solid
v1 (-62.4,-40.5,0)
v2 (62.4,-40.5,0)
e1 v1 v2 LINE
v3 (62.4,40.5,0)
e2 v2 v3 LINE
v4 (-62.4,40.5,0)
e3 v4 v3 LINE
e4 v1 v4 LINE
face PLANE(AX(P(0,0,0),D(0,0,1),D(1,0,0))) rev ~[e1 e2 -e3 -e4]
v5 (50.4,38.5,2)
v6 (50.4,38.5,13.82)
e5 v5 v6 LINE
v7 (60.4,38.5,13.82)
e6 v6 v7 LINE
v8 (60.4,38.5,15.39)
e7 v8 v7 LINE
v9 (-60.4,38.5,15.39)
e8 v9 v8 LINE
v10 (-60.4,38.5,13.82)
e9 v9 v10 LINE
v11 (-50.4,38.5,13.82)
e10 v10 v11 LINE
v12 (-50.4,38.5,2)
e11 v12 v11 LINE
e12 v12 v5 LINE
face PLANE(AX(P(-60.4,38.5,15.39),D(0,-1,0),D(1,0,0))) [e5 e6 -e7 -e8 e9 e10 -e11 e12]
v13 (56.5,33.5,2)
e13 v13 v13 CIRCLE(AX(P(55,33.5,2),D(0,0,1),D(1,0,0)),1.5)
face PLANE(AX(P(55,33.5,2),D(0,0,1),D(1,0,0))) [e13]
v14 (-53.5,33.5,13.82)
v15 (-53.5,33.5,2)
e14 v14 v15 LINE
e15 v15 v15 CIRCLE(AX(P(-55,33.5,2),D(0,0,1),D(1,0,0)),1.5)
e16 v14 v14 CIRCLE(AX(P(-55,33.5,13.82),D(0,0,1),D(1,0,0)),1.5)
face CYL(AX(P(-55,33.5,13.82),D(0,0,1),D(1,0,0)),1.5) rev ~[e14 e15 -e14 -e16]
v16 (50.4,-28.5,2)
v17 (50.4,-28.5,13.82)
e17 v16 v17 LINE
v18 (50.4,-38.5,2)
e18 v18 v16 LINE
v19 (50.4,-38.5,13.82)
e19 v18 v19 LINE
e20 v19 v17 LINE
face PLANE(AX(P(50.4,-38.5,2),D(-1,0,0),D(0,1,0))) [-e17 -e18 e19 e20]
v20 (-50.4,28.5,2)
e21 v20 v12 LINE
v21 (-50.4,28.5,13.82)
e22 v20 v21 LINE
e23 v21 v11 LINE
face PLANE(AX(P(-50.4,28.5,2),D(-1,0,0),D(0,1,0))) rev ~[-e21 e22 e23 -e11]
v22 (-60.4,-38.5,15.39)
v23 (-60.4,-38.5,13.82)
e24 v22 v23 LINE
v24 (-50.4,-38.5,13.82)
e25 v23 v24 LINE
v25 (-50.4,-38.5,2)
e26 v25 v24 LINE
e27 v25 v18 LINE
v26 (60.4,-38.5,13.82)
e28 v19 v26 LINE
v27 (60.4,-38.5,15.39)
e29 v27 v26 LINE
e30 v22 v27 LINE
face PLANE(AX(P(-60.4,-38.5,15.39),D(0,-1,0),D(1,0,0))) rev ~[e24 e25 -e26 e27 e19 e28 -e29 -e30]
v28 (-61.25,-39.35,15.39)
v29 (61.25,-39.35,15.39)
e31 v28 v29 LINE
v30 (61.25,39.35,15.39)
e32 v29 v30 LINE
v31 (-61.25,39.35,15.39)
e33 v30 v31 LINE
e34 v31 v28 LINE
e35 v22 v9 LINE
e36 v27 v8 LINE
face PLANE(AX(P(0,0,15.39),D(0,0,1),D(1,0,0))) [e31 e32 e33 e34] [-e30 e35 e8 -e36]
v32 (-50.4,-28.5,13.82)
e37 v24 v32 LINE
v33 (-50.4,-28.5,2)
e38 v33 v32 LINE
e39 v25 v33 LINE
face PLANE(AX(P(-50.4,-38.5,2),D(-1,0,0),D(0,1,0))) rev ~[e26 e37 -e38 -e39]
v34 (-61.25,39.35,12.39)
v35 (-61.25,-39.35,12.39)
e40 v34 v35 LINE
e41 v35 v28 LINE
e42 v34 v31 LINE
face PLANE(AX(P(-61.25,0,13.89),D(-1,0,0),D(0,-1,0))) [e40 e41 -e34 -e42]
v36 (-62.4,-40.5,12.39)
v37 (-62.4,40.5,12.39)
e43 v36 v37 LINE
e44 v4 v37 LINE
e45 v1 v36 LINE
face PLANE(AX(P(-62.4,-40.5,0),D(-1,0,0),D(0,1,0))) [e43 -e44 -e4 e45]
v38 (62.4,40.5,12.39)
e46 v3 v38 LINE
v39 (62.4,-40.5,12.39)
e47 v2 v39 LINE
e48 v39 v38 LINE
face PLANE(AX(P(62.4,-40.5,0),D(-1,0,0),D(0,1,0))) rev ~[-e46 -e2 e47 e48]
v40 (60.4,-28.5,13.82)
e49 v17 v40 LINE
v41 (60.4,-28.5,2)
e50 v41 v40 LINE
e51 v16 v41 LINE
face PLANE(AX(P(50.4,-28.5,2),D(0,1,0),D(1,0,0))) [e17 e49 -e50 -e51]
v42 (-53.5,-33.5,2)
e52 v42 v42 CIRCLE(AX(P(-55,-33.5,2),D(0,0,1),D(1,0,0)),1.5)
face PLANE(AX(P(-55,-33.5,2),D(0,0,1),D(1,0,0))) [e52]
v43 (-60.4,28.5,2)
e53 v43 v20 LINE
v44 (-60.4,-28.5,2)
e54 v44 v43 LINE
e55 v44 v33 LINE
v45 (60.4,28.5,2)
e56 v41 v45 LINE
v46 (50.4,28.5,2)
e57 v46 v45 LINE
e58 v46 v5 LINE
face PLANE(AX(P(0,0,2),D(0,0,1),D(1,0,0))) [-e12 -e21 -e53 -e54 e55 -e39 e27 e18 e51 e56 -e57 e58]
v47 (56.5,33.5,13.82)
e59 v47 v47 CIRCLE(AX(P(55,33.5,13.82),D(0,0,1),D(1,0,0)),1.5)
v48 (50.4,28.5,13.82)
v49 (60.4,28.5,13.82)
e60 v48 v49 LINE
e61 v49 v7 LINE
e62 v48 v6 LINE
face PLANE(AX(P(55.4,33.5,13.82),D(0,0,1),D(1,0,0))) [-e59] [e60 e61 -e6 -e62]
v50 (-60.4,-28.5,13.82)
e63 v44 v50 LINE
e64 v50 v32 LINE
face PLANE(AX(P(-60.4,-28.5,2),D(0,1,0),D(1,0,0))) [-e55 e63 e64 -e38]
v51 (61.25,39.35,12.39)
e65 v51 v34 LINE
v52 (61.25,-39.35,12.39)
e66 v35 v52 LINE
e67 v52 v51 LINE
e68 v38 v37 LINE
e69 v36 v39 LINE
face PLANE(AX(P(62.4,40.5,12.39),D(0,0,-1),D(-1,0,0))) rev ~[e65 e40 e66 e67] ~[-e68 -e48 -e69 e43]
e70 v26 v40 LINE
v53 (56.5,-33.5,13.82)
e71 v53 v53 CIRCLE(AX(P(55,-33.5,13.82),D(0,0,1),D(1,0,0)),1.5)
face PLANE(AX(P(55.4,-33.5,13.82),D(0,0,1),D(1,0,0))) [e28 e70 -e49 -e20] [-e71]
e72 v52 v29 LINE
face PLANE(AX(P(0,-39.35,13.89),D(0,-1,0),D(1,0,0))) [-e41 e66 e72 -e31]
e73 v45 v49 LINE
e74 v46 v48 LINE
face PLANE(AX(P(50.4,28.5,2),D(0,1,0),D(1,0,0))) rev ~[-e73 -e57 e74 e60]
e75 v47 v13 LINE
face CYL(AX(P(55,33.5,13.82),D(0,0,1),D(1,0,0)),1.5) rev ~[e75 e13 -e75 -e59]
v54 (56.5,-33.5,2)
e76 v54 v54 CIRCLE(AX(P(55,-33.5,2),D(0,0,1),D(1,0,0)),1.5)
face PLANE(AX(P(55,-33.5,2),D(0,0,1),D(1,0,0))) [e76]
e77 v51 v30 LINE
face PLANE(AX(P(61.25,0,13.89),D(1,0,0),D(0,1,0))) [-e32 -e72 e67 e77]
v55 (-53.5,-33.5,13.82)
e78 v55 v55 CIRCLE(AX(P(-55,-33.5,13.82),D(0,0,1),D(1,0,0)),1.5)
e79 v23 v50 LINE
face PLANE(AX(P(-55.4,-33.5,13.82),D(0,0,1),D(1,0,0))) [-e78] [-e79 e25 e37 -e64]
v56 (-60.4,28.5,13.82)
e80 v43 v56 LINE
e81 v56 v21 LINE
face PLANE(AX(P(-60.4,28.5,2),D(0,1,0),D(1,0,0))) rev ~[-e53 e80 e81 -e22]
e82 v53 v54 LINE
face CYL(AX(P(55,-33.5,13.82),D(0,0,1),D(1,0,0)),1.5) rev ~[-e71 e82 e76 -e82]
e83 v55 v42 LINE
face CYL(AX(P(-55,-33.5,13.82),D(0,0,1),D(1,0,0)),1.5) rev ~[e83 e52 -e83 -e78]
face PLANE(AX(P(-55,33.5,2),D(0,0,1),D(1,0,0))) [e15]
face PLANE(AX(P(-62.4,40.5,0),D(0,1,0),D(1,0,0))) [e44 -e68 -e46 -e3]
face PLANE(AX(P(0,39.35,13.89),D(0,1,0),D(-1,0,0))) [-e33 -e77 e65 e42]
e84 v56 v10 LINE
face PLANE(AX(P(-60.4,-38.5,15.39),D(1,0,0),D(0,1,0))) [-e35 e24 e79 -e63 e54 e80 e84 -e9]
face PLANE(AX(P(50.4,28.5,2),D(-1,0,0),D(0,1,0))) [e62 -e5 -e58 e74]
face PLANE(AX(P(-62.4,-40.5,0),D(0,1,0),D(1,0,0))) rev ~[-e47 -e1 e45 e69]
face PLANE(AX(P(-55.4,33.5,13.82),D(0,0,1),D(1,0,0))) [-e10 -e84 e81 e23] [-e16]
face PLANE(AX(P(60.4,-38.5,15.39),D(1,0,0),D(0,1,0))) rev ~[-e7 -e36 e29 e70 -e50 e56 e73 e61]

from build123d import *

# Parameters (mm, degrees)
F0_W      = 124.8
F0_H      = 81
F1_DEPTH  = 15.39
F2_W      = 120.8
F2_H      = 77
F3_DEPTH  = 13.39
F4_W      = 124.8
F4_H      = 3
F5_DEPTH  = 1.15
F6_W      = 124.8
F6_H      = 3
F7_DEPTH  = 1.15
F8_W      = 78.7
F8_H      = 3
F9_DEPTH  = 1.15
F10_W     = 78.7
F10_H     = 3
F11_DEPTH = 1.15
F12_W     = 10
F12_H     = 10
F13_DEPTH = 11.82
F14_W     = 10
F14_H     = 10
F15_DEPTH = 11.82
F16_W     = 10
F16_H     = 10
F17_DEPTH = 11.82
F18_W     = 10
F18_H     = 10
F19_DEPTH = 11.82
F20_R     = 1.5
F21_DEPTH = 11.82
F22_R     = 1.5
F23_DEPTH = 11.82
F24_R     = 1.5
F25_DEPTH = 11.82
F26_R     = 1.5
F27_DEPTH = 11.82


with BuildPart() as f1:
    # F0 (on Top) → F1 (new body)
    with BuildSketch(Plane.XY):
        Rectangle(F0_W, F0_H)
    extrude(amount=F1_DEPTH)

    # F2 (on face) → F3 (cut)
    with BuildSketch(Plane.XY.offset(15.39)):
        Rectangle(F2_W, F2_H)
    extrude(amount=-F3_DEPTH, mode=Mode.SUBTRACT)

    # F4 (on face) → F5 (cut)
    with BuildSketch(Plane(origin=(0, 40.5, 0), x_dir=(-1, 0, 0), z_dir=(0, 1, 0))):
        with Locations((0, 13.89)):
            Rectangle(F4_W, F4_H)
    extrude(amount=-F5_DEPTH, mode=Mode.SUBTRACT)

    # F6 (on face) → F7 (cut)
    with BuildSketch(Plane.XZ.offset(40.5)):
        with Locations((0, 13.89)):
            Rectangle(F6_W, F6_H)
    extrude(amount=-F7_DEPTH, mode=Mode.SUBTRACT)

    # F8 (on face) → F9 (cut)
    with BuildSketch(Plane(origin=(-62.4, 0, 0), x_dir=(0, -1, 0), z_dir=(-1, 0, 0))):
        with Locations((0, 13.89)):
            Rectangle(F8_W, F8_H)
    extrude(amount=-F9_DEPTH, mode=Mode.SUBTRACT)

    # F10 (on face) → F11 (cut)
    with BuildSketch(Plane.YZ.offset(62.4)):
        with Locations((0, 13.89)):
            Rectangle(F10_W, F10_H)
    extrude(amount=-F11_DEPTH, mode=Mode.SUBTRACT)

    # F12 (on face) → F13 (join)
    with BuildSketch(Plane.XY.offset(2)):
        with Locations((-55.4, 33.5)):
            Rectangle(F12_W, F12_H)
    extrude(amount=F13_DEPTH)

    # F14 (on face) → F15 (join)
    with BuildSketch(Plane.XY.offset(2)):
        with Locations((-55.4, -33.5)):
            Rectangle(F14_W, F14_H)
    extrude(amount=F15_DEPTH)

    # F16 (on face) → F17 (join)
    with BuildSketch(Plane.XY.offset(2)):
        with Locations((55.4, -33.5)):
            Rectangle(F16_W, F16_H)
    extrude(amount=F17_DEPTH)

    # F18 (on face) → F19 (join)
    with BuildSketch(Plane.XY.offset(2)):
        with Locations((55.4, 33.5)):
            Rectangle(F18_W, F18_H)
    extrude(amount=F19_DEPTH)

    # F20 (on face) → F21 (cut)
    with BuildSketch(Plane.XY.offset(13.82)):
        with Locations((-55, 33.5)):
            Circle(F20_R)
    extrude(amount=-F21_DEPTH, mode=Mode.SUBTRACT)

    # F22 (on face) → F23 (cut)
    with BuildSketch(Plane.XY.offset(13.82)):
        with Locations((-55, -33.5)):
            Circle(F22_R)
    extrude(amount=-F23_DEPTH, mode=Mode.SUBTRACT)

    # F24 (on face) → F25 (cut)
    with BuildSketch(Plane.XY.offset(13.82)):
        with Locations((55, -33.5)):
            Circle(F24_R)
    extrude(amount=-F25_DEPTH, mode=Mode.SUBTRACT)

    # F26 (on face) → F27 (cut)
    with BuildSketch(Plane.XY.offset(13.82)):
        with Locations((55, 33.5)):
            Circle(F26_R)
    extrude(amount=-F27_DEPTH, mode=Mode.SUBTRACT)


solid = f1.part
